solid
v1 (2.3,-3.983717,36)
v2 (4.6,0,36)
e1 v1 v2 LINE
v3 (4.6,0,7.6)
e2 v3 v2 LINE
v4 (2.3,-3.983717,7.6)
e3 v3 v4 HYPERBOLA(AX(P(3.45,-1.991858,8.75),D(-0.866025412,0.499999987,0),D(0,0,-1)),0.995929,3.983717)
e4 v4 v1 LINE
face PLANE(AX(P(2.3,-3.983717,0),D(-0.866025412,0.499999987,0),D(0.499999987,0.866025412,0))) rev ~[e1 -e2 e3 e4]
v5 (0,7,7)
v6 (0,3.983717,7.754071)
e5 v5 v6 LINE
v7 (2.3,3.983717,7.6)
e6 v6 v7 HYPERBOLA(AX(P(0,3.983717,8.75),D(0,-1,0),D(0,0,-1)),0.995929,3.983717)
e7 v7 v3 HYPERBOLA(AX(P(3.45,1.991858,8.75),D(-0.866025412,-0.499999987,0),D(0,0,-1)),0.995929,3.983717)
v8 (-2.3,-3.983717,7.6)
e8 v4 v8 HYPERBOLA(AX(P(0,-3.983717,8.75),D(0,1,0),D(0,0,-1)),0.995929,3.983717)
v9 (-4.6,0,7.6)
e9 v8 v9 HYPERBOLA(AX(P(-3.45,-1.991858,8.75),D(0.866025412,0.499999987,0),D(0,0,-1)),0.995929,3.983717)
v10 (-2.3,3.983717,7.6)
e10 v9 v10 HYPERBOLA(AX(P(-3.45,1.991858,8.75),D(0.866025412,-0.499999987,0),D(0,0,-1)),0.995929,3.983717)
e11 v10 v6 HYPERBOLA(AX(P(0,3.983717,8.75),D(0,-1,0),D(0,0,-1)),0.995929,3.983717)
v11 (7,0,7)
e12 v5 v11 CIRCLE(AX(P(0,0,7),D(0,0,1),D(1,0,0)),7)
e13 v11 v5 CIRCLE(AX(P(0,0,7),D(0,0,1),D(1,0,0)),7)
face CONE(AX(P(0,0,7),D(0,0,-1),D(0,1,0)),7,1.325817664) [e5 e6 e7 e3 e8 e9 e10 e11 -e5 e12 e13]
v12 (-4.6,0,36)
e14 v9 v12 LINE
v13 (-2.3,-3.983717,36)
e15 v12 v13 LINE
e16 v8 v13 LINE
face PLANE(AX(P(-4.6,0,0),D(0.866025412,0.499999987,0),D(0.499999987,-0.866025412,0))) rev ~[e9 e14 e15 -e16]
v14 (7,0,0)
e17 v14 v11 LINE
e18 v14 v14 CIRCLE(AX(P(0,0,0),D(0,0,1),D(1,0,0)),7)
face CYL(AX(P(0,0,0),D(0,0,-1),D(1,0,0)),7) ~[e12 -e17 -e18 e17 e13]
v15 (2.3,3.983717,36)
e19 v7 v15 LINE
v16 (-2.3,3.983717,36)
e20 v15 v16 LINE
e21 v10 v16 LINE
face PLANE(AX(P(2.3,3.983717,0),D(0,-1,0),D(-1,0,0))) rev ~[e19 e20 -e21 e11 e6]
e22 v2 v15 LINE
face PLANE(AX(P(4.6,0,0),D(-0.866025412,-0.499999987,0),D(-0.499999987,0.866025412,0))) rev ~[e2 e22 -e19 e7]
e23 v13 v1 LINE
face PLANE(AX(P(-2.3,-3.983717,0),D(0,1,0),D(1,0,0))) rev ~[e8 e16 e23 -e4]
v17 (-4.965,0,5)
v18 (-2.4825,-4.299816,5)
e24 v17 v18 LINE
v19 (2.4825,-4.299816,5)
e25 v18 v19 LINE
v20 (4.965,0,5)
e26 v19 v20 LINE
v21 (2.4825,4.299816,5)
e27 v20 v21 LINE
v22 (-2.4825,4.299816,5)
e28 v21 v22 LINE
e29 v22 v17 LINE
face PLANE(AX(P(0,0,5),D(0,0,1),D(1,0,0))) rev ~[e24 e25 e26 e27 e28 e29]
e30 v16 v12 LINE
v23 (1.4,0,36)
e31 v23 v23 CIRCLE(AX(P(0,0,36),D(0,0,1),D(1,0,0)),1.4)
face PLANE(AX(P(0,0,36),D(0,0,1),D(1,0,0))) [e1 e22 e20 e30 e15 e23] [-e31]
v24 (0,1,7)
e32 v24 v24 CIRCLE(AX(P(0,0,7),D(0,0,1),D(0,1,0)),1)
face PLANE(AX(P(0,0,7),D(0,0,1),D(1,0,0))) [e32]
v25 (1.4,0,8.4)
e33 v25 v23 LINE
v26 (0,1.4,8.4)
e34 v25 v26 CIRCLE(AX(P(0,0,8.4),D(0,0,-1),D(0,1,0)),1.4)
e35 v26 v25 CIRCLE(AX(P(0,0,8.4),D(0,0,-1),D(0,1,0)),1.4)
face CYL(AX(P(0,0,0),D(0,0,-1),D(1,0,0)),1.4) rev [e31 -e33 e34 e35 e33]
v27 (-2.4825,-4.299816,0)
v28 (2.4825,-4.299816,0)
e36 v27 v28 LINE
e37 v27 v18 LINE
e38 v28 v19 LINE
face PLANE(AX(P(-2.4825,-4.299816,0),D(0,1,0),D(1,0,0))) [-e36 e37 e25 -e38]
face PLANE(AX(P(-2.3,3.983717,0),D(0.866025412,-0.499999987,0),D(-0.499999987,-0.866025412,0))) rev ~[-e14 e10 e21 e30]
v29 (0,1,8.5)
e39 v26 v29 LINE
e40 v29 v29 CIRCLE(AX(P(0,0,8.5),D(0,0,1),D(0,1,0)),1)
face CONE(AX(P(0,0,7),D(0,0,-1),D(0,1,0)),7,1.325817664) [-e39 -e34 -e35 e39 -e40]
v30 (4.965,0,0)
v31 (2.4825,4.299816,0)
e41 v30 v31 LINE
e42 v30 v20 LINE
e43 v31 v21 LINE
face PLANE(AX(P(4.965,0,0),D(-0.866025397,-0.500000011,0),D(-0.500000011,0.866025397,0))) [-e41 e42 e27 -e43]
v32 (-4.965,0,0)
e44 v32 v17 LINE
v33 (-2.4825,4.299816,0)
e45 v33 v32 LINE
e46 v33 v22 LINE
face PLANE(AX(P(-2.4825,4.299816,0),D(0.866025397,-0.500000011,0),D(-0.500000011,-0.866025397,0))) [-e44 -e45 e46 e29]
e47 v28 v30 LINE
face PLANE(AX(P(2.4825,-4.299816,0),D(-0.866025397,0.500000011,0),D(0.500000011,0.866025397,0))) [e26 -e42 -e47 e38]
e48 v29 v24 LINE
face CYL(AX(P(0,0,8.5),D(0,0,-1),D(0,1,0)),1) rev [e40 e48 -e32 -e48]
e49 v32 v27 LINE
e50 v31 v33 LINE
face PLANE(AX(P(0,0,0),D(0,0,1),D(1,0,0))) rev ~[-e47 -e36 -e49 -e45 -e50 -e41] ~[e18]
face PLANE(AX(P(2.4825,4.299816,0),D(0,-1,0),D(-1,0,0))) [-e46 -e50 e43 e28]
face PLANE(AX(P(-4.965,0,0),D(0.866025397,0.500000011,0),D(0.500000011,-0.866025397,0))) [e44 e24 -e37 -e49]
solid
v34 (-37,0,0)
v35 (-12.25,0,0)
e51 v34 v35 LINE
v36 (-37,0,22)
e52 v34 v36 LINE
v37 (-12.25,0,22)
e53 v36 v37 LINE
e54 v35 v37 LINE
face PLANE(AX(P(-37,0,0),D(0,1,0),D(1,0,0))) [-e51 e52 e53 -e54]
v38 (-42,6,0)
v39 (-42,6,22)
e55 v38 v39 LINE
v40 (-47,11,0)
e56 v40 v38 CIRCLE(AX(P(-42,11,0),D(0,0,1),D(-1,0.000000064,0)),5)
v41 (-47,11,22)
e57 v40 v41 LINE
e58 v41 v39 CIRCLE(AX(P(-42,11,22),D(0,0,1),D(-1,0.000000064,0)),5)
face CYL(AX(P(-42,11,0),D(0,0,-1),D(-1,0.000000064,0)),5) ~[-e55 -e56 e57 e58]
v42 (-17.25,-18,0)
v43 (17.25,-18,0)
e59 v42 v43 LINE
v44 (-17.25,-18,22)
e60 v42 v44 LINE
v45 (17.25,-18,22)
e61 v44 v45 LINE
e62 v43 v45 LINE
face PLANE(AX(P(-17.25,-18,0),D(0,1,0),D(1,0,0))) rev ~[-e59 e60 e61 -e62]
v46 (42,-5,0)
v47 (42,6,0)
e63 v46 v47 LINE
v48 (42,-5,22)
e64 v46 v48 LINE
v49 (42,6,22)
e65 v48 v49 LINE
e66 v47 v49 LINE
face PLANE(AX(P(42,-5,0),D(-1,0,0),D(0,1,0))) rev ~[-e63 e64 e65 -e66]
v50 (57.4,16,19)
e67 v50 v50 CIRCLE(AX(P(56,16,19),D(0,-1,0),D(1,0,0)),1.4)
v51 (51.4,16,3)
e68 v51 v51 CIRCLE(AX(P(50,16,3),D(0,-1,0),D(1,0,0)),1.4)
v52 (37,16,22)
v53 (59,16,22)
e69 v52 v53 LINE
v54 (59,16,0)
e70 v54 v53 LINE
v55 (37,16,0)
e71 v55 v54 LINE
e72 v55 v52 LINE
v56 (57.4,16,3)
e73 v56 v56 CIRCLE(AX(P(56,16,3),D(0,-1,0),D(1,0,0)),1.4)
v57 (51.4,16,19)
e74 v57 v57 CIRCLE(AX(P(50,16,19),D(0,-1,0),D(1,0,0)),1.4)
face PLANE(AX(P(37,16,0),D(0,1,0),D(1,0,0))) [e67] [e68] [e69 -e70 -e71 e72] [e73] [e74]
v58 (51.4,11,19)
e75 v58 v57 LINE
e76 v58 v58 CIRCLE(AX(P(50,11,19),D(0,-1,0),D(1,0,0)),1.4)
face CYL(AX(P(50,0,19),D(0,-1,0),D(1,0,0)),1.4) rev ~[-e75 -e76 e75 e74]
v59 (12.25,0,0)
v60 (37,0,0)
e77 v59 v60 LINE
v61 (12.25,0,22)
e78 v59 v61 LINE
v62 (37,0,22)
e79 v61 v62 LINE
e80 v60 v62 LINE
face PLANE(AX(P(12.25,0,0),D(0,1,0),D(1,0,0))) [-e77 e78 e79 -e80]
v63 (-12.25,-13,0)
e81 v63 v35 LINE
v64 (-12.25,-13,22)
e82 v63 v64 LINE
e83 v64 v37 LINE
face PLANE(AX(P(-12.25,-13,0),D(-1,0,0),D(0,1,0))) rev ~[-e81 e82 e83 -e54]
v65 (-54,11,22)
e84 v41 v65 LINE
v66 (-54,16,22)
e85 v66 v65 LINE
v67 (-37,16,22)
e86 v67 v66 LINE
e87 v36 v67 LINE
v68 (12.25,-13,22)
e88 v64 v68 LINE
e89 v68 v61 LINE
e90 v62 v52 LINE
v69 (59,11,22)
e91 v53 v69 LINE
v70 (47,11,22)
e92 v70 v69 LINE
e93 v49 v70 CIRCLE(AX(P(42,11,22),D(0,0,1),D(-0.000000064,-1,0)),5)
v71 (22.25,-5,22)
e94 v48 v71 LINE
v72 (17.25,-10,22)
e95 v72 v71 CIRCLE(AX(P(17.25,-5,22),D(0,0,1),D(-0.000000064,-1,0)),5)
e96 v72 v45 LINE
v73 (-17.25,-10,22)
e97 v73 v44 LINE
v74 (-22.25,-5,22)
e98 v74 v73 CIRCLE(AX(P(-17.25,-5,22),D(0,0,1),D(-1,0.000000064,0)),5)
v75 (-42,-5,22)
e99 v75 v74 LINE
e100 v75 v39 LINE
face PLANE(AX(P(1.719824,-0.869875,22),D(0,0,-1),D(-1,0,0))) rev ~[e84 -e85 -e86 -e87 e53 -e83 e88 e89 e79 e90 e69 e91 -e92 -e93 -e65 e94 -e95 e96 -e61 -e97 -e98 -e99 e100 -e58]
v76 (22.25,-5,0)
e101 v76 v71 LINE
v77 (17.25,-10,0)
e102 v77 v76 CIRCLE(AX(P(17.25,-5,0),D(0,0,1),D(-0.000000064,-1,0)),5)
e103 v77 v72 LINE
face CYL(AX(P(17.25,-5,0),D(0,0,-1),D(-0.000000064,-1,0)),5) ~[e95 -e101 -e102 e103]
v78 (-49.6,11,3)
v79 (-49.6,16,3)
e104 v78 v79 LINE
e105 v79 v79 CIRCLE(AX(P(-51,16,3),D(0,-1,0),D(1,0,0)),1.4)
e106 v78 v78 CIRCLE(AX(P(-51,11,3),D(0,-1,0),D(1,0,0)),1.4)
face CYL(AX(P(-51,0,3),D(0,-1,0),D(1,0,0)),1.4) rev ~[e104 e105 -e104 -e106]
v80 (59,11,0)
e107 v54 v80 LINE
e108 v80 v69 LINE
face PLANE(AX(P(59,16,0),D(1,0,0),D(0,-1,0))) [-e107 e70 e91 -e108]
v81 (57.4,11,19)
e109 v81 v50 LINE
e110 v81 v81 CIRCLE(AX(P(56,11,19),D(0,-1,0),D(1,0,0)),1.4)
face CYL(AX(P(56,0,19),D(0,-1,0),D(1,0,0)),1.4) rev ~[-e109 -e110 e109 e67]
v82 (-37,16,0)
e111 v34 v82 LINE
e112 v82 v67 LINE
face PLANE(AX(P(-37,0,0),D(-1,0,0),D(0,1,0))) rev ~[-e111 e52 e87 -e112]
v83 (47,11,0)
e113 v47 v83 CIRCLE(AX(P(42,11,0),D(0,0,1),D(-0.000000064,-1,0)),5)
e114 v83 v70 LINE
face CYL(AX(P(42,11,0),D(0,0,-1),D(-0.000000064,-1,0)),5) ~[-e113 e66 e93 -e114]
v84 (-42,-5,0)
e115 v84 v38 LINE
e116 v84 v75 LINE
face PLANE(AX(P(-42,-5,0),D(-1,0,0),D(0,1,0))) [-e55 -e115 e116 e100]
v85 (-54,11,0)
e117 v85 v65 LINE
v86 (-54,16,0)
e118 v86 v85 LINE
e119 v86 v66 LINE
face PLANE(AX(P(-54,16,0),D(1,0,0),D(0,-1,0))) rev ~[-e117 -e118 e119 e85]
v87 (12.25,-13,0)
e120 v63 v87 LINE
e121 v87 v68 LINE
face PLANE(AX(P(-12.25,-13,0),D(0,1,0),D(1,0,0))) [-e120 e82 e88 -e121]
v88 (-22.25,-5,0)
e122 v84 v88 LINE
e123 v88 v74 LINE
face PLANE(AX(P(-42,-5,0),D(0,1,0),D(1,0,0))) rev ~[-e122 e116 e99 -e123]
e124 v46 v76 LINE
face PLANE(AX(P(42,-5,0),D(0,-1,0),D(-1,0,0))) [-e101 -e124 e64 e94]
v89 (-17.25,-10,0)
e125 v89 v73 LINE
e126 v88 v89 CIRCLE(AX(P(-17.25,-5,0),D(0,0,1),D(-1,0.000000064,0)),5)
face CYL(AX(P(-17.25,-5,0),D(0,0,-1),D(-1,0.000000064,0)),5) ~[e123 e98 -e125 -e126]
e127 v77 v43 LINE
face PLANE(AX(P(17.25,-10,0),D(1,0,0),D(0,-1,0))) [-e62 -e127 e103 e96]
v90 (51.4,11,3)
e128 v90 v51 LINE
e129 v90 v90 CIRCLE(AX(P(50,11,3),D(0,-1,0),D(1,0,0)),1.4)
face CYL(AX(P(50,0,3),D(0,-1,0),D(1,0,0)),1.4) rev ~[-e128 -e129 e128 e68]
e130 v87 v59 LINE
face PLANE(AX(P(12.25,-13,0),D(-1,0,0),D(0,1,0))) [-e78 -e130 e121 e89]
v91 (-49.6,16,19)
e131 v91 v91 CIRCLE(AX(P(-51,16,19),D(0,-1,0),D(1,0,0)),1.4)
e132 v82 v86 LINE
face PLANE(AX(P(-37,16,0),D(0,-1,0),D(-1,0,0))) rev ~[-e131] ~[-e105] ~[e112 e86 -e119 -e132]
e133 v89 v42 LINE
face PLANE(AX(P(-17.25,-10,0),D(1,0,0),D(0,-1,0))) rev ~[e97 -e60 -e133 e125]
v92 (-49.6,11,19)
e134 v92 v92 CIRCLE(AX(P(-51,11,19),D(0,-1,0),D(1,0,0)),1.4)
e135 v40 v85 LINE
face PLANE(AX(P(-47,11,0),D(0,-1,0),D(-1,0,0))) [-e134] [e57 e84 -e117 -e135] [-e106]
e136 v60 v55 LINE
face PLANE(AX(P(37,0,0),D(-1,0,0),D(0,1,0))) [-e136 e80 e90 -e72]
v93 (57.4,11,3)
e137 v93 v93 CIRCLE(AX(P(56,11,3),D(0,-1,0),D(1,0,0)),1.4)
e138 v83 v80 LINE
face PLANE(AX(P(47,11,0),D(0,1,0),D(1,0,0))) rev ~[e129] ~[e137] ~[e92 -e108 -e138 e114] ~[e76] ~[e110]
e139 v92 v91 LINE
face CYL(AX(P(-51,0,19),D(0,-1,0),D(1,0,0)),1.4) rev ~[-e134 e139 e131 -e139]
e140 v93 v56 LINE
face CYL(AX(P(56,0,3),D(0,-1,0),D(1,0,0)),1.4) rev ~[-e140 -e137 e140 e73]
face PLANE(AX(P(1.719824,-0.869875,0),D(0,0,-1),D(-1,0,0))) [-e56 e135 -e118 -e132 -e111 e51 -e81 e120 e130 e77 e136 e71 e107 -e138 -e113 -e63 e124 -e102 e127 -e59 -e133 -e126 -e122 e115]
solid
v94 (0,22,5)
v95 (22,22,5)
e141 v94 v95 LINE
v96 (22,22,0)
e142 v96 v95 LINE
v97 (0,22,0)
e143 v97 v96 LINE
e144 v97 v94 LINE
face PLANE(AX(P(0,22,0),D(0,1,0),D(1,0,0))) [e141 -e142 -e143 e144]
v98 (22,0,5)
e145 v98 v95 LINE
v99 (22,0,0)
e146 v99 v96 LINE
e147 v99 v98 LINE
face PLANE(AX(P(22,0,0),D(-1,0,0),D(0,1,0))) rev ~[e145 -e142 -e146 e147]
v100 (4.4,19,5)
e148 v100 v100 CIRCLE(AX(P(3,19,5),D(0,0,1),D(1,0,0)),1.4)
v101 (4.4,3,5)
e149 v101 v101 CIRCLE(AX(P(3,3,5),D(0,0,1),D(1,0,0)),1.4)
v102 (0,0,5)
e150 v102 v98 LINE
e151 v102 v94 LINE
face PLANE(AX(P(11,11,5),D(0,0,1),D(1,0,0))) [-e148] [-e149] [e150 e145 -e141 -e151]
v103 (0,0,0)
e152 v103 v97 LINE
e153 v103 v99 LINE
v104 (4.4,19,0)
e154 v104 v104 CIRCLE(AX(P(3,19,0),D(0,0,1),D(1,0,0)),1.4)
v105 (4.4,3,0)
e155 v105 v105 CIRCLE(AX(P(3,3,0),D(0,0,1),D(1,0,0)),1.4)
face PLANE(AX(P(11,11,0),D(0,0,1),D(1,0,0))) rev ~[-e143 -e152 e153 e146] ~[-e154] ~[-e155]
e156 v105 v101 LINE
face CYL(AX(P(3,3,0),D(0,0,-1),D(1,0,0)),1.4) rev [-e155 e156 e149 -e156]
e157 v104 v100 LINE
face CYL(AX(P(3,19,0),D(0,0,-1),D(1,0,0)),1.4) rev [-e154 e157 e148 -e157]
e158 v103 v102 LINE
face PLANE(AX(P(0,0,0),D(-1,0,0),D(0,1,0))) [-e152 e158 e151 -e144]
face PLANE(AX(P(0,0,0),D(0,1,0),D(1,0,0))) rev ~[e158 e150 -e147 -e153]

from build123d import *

# Parameters (mm, degrees)
SKETCH_R        = 7
PAD_DEPTH       = 7
SKETCH001_R     = 1.4
PAD001_DEPTH    = 36
POCKET_DEPTH    = 5
SKETCH006_W     = 22
SKETCH006_H     = 22
SKETCH006_R     = 1.4
PAD003_DEPTH    = 5
PAD002_DEPTH    = 22
SKETCH005_R     = 1.4
POCKET001_DEPTH = 16.001


with BuildPart() as body:
    # Sketch → Pad (new body)
    with BuildSketch(Plane.XY):
        Circle(SKETCH_R)
    extrude(amount=PAD_DEPTH)

    # Sketch001 → Pad001 (join)
    with BuildSketch(Plane.XY):
        Polygon((4.6, 0), (2.3, 3.983717), (-2.3, 3.983717), (-4.6, 0), (-2.3, -3.983717), (2.3, -3.983717), align=None)
        Circle(SKETCH001_R, mode=Mode.SUBTRACT)
    extrude(amount=PAD001_DEPTH)

    # Sketch002 → Pocket (cut)
    with BuildSketch(Plane.XY):
        Polygon((4.965, 0), (2.4825, 4.299816), (-2.4825, 4.299816), (-4.965, 0), (-2.4825, -4.299816), (2.4825, -4.299816), align=None)
    extrude(amount=POCKET_DEPTH, mode=Mode.SUBTRACT)

    # Sketch003 → Revolution (revolve)
    with BuildSketch(Plane.YZ):
        Polygon((1, 8.5), (1, 7), (7, 7), align=None)
    revolve(axis=Axis((0, 0, 0), (0, 0, 1)))


with BuildPart() as body001rearsecure:
    # Sketch006 → Pad003 (new body)
    with BuildSketch(Plane.XY):
        with Locations((11, 11)):
            Rectangle(SKETCH006_W, SKETCH006_H)
        with Locations((3, 19)):
            Circle(SKETCH006_R, mode=Mode.SUBTRACT)
        with Locations((3, 3)):
            Circle(SKETCH006_R, mode=Mode.SUBTRACT)
    extrude(amount=PAD003_DEPTH)


with BuildPart() as body002:
    # Sketch004 → Pad002 (new body)
    with BuildSketch(Plane.XY):
        with BuildLine():
            Line((-37, 0), (-12.25, 0))
            Line((-12.25, -13), (-12.25, 0))
            Line((-12.25, -13), (12.25, -13))
            Line((12.25, -13), (12.25, 0))
            Line((12.25, 0), (37, 0))
            Line((37, 0), (37, 16))
            Line((37, 16), (59, 16))
            Line((59, 16), (59, 11))
            Line((47, 11), (59, 11))
            ThreePointArc((42, 6), (45.535534, 7.464466), (47, 11))
            Line((42, -5), (42, 6))
            Line((42, -5), (22.25, -5))
            ThreePointArc((17.25, -10), (20.785534, -8.535534), (22.25, -5))
            Line((17.25, -10), (17.25, -18))
            Line((-17.25, -18), (17.25, -18))
            Line((-17.25, -10), (-17.25, -18))
            ThreePointArc((-22.25, -5), (-20.785534, -8.535534), (-17.25, -10))
            Line((-42, -5), (-22.25, -5))
            Line((-42, -5), (-42, 6))
            ThreePointArc((-47, 11), (-45.535534, 7.464466), (-42, 6))
            Line((-47, 11), (-54, 11))
            Line((-54, 16), (-54, 11))
            Line((-37, 16), (-54, 16))
            Line((-37, 0), (-37, 16))
        make_face()
    extrude(amount=PAD002_DEPTH)

    # Sketch005 → Pocket001 (cut, through all)
    with BuildSketch(Plane.XZ):
        with Locations((-51, 19)):
            Circle(SKETCH005_R)
        with Locations((-51, 3)):
            Circle(SKETCH005_R)
        with Locations((56, 19)):
            Circle(SKETCH005_R)
        with Locations((56, 3)):
            Circle(SKETCH005_R)
        with Locations((50, 19)):
            Circle(SKETCH005_R)
        with Locations((50, 3)):
            Circle(SKETCH005_R)
    extrude(amount=-POCKET001_DEPTH, mode=Mode.SUBTRACT)


solid = Compound([body.part, body001rearsecure.part, body002.part])
